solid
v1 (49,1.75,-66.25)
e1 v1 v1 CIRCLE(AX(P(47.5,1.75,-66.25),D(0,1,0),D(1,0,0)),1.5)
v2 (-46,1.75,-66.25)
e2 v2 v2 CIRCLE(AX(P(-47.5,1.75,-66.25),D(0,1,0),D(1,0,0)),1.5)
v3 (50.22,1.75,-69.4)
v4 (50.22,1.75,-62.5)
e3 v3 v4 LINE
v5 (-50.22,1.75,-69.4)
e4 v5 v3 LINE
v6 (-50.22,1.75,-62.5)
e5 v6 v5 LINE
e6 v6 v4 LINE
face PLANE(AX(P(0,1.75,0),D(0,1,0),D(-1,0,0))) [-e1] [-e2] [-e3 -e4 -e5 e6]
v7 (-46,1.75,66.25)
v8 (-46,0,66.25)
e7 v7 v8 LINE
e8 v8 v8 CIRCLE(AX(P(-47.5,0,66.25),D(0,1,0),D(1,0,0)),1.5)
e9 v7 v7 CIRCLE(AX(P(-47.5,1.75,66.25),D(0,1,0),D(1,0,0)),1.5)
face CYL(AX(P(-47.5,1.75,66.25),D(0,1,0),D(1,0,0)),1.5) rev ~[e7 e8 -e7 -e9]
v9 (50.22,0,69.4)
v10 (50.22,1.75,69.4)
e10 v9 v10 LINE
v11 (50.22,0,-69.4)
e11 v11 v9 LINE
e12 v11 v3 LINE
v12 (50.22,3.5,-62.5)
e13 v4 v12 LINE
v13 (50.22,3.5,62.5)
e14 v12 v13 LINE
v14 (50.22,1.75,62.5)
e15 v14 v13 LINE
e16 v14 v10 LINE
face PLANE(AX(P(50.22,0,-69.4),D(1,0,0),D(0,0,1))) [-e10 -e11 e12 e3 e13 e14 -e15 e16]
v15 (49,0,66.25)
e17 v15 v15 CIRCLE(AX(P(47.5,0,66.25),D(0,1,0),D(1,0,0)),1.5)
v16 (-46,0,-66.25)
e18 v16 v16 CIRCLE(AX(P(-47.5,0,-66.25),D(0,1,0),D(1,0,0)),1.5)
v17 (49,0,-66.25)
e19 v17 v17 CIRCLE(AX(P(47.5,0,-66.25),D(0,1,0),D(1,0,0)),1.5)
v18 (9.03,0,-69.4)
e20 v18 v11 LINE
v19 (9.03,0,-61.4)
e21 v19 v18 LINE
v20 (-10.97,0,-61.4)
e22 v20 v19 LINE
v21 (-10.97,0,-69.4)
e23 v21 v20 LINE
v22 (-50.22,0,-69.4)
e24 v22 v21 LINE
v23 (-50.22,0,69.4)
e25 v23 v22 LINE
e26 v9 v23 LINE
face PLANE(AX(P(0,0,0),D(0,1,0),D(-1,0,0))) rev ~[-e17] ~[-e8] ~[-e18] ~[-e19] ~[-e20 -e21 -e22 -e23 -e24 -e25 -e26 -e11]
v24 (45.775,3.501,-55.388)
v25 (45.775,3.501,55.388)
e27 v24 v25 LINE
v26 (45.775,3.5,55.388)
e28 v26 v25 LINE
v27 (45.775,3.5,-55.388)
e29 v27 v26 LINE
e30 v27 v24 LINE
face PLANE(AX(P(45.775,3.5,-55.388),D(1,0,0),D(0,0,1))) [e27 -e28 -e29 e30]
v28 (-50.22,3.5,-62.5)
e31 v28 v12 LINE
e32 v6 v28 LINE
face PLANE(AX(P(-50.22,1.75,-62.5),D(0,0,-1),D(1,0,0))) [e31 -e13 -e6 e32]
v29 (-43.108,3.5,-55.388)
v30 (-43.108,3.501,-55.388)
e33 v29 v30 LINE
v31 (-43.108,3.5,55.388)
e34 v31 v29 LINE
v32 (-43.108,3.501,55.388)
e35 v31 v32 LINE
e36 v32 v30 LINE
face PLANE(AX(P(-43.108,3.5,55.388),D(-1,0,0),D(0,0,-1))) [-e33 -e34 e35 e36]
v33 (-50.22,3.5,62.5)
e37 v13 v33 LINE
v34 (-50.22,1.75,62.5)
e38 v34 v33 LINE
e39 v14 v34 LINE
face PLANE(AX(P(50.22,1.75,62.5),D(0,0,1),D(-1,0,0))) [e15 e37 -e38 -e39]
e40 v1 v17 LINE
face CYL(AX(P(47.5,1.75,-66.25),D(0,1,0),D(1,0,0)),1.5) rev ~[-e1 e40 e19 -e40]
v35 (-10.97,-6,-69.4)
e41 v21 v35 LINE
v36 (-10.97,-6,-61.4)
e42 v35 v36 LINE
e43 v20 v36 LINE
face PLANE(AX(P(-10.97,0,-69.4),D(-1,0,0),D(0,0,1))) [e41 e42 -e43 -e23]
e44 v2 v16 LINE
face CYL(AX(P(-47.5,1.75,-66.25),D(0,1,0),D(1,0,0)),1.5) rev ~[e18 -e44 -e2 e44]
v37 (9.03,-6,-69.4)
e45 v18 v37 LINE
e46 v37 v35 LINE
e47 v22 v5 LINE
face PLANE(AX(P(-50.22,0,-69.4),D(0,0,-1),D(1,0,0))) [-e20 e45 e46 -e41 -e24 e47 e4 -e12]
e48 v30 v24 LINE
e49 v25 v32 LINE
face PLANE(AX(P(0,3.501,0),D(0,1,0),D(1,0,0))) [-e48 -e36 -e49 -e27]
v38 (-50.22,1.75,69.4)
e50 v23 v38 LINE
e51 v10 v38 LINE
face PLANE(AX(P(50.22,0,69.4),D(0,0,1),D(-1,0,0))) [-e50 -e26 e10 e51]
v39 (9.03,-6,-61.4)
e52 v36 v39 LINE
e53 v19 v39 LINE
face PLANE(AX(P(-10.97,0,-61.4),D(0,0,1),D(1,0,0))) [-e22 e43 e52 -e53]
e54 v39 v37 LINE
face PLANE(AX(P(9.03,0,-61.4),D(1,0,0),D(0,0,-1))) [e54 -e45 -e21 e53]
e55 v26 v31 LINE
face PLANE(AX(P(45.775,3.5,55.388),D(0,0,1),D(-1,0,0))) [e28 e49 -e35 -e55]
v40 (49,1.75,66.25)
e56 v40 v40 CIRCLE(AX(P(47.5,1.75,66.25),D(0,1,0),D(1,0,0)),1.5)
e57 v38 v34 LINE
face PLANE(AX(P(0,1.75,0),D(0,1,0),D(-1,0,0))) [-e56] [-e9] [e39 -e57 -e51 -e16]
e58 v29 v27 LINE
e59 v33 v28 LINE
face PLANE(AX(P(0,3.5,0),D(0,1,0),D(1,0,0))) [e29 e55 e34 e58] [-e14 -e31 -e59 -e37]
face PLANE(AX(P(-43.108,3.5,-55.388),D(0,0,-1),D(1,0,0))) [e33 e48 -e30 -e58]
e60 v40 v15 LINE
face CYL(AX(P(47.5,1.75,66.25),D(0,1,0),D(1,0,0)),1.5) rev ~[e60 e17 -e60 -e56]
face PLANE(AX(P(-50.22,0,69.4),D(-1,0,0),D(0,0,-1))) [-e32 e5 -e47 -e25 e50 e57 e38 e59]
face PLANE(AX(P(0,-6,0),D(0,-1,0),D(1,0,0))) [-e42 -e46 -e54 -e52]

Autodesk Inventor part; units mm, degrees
ref_plane "YZ Plane" through (0, 0, 0) normal (1, 0, 0) x (0, 1, 0)
ref_plane "XZ Plane" through (0, 0, 0) normal (0, 1, 0) x (-1, 0, 0)
ref_plane "XY Plane" through (0, 0, 0) normal (0, 0, 1) x (1, 0, 0)
sketch "Sketch1" plane through (0, 0, 0) normal (0, 1, 0) x (-1, 0, 0)
  line L0 (-50.22, 69.4) -> (50.22, 69.4)
  line L1 (50.22, 69.4) -> (50.22, -69.4)
  line L2 (50.22, -69.4) -> (-50.22, -69.4)
  line L3 (-50.22, -69.4) -> (-50.22, 69.4)
  line L4 (-50.22, 69.4) -> (50.22, -69.4) construction
  line L5 (50.22, 69.4) -> (-50.22, -69.4) construction
  point P0 (0, 0)
  dimension "d0" = 100.44
  dimension "d1" = 138.8
extrude "Extrusion1" add sketch "Sketch1" along normal blind 1.75
sketch "Sketch2" plane through (0, 1.75, 0) normal (0, 1, 0) x (1, 0, 0)
  line L0 (-50.22, 69.4) -> (-50.22, -69.4) construction
  line L1 (50.22, -69.4) -> (50.22, 69.4) construction
  line L2 (50.22, -62.5) -> (-50.22, -62.5)
  line L3 (-50.22, -62.5) -> (-50.22, 62.5)
  line L4 (-50.22, 62.5) -> (50.22, 62.5)
  line L5 (50.22, 62.5) -> (50.22, -62.5)
  line L6 (50.22, -62.5) -> (-50.22, 62.5) construction
  line L7 (-50.22, -62.5) -> (50.22, 62.5) construction
  point P0 (0, 0)
  dimension "d4" = 125
extrude "Extrusion2" add sketch "Sketch2" along normal blind 1.75
sketch "Sketch3" plane through (0, 1.75, 0) normal (0, 1, 0) x (1, 0, 0)
  line L0 (50.22, -62.5) -> (-50.22, -62.5) construction
  line L1 (-50.22, -62.5) -> (-50.22, -69.4) construction
  line L2 (-50.22, -69.4) -> (50.22, -69.4) construction
  line L3 (50.22, -69.4) -> (50.22, -62.5) construction
  line L4 (-50.22, 62.5) -> (50.22, 62.5) construction
  line L5 (50.22, 62.5) -> (50.22, 69.4) construction
  line L6 (50.22, 69.4) -> (-50.22, 69.4) construction
  line L7 (-50.22, 69.4) -> (-50.22, 62.5) construction
  line L8 (-50.22, -69.4) -> (50.22, -69.4) construction
  line L9 (0, -69.4) -> (0, 69.4) construction
  line L10 (50.22, 69.4) -> (-50.22, 69.4) construction
  line L11 (0, -66.25) -> (-47.5, -66.25) construction
  line L12 (0, -66.25) -> (47.5, -66.25) construction
  line L13 (-50.22, -62.5) -> (50.22, -62.5) construction
  line L14 (0, -66.25) -> (47.5, -66.25) construction
  circle A0 centre (-47.5, -66.25) radius 1.5
  circle A1 centre (47.5, -66.25) radius 1.5
  line L15 (-50.22, 69.4) -> (-50.22, -69.4) projected
  line L16 (-50.22, 0) -> (50.22, 0) construction
  line L17 (50.22, -62.5) -> (50.22, 62.5) projected
  circle A2 centre (-47.5, 66.25) radius 1.5
  circle A3 centre (47.5, 66.25) radius 1.5
  line L18 (50.22, -62.5) -> (-50.22, -62.5) projected
  line L19 (-50.22, -62.5) -> (-50.22, -69.4) projected
  line L20 (-50.22, -69.4) -> (50.22, -69.4) projected
  line L21 (50.22, -69.4) -> (50.22, -62.5) projected
  line L22 (-50.22, 62.5) -> (50.22, 62.5) projected
  line L23 (50.22, 69.4) -> (-50.22, 69.4) projected
  line L24 (50.22, 62.5) -> (50.22, 69.4) projected
  line L25 (-50.22, 69.4) -> (-50.22, 62.5) projected
  point P0 (0, 0)
  point P1 (-51, 62.5)
  dimension "d7" = 47.5
  dimension "d8" = 47.5
  dimension "d9" = 0
  dimension "d10" = 3
  dimension "d11" = 3
extrude "Extrusion3" cut sketch "Sketch3" against normal through all contours A0 | A1 | A2 | A3
sketch "Sketch4" plane through (0, 0, 0) normal (0, -1, 0) x (1, 0, 0)
  circle A0 centre (47.5, -66.25) radius 1.5 construction
  circle A1 centre (-47.5, -66.25) radius 1.5 construction
  circle A2 centre (47.5, 66.25) radius 1.5 construction
  circle A3 centre (-47.5, 66.25) radius 1.5 construction
  line L0 (-50.22, 69.4) -> (50.22, 69.4) construction
  line L1 (-50.22, -69.4) -> (-50.22, 69.4) construction
  line L2 (50.22, -69.4) -> (-50.22, -69.4) construction
  line L3 (50.22, 69.4) -> (50.22, -69.4) construction
  circle A4 centre (-47.5, -66.25) radius 1.5 construction
  line L4 (50.22, -69.4) -> (8.97, -69.4) construction
  line L5 (50.22, -69.4) -> (-50.22, -69.4) construction
  line L6 (-50.22, -69.4) -> (-10.97, -69.4) construction
  line L7 (-10.97, -69.4) -> (-10.97, -61.4)
  line L8 (-10.97, -61.4) -> (9.03, -61.4)
  line L9 (9.03, -61.4) -> (9.03, -69.4)
  line L10 (9.03, -69.4) -> (-10.97, -69.4)
  point P0 (0, 0)
  dimension "d21" = 41.25
  dimension "d22" = 39.25
  dimension "d23" = 8
  dimension "d24" = 20
extrude "Extrusion4" add sketch "Sketch4" along normal blind 6
sketch "Sketch5" plane through (0, 3.5, 0) normal (0, 1, 0) x (1, 0, 0)
  line L0 (50.22, 62.5) -> (-50.22, 62.5) construction
  line L1 (-50.22, 62.5) -> (-50.22, -62.5) construction
  line L2 (-50.22, -62.5) -> (50.22, -62.5) construction
  line L3 (50.22, -62.5) -> (50.22, 62.5) construction
  line L4 (-50.22, 62.5) -> (-50.22, -62.5) construction
  line L5 (-50.22, 62.5) -> (-50.22, 55.388) construction
  line L6 (-50.22, 55.388) -> (-43.108, 55.388) construction
  line L7 (50.22, 62.5) -> (50.22, 55.388) construction
  line L8 (50.22, -62.5) -> (50.22, 62.5) construction
  line L9 (50.22, 55.388) -> (41.33, 55.388) construction
  line L10 (-50.22, -62.5) -> (50.22, -62.5) construction
  line L11 (50.22, -62.5) -> (50.22, -55.388) construction
  line L12 (50.22, -55.388) -> (41.33, -55.388) construction
  line L13 (-50.22, -62.5) -> (-50.22, -69.4) construction
  line L14 (-50.22, -62.5) -> (-50.22, -55.388) construction
  line L15 (-50.22, -55.388) -> (-43.108, -55.388) construction
  line L16 (-43.108, 55.388) -> (45.775, 55.388)
  line L17 (45.775, 55.388) -> (45.775, -55.388)
  line L18 (45.775, -55.388) -> (-43.108, -55.388)
  line L19 (-43.108, -55.388) -> (-43.108, 55.388)
  point P0 (0, 0)
  dimension "d25" = 7.112
  dimension "d26" = 7.112
  dimension "d27" = 7.112
  dimension "d28" = 8.89
  dimension "d29" = 7.112
  dimension "d30" = 8.89
  dimension "d31" = 7.112
  dimension "d32" = 7.112
extrude "Extrusion5" add sketch "Sketch5" along normal blind 0.001
equation "\"d26\" = d25"
equation "\"d27\" = d25"
equation "\"d29\" = d25"
equation "\"d30\" = d28"
equation "\"d31\" = d25"
equation "\"d32\" = d25"
properties part number "E-Paper Display"
